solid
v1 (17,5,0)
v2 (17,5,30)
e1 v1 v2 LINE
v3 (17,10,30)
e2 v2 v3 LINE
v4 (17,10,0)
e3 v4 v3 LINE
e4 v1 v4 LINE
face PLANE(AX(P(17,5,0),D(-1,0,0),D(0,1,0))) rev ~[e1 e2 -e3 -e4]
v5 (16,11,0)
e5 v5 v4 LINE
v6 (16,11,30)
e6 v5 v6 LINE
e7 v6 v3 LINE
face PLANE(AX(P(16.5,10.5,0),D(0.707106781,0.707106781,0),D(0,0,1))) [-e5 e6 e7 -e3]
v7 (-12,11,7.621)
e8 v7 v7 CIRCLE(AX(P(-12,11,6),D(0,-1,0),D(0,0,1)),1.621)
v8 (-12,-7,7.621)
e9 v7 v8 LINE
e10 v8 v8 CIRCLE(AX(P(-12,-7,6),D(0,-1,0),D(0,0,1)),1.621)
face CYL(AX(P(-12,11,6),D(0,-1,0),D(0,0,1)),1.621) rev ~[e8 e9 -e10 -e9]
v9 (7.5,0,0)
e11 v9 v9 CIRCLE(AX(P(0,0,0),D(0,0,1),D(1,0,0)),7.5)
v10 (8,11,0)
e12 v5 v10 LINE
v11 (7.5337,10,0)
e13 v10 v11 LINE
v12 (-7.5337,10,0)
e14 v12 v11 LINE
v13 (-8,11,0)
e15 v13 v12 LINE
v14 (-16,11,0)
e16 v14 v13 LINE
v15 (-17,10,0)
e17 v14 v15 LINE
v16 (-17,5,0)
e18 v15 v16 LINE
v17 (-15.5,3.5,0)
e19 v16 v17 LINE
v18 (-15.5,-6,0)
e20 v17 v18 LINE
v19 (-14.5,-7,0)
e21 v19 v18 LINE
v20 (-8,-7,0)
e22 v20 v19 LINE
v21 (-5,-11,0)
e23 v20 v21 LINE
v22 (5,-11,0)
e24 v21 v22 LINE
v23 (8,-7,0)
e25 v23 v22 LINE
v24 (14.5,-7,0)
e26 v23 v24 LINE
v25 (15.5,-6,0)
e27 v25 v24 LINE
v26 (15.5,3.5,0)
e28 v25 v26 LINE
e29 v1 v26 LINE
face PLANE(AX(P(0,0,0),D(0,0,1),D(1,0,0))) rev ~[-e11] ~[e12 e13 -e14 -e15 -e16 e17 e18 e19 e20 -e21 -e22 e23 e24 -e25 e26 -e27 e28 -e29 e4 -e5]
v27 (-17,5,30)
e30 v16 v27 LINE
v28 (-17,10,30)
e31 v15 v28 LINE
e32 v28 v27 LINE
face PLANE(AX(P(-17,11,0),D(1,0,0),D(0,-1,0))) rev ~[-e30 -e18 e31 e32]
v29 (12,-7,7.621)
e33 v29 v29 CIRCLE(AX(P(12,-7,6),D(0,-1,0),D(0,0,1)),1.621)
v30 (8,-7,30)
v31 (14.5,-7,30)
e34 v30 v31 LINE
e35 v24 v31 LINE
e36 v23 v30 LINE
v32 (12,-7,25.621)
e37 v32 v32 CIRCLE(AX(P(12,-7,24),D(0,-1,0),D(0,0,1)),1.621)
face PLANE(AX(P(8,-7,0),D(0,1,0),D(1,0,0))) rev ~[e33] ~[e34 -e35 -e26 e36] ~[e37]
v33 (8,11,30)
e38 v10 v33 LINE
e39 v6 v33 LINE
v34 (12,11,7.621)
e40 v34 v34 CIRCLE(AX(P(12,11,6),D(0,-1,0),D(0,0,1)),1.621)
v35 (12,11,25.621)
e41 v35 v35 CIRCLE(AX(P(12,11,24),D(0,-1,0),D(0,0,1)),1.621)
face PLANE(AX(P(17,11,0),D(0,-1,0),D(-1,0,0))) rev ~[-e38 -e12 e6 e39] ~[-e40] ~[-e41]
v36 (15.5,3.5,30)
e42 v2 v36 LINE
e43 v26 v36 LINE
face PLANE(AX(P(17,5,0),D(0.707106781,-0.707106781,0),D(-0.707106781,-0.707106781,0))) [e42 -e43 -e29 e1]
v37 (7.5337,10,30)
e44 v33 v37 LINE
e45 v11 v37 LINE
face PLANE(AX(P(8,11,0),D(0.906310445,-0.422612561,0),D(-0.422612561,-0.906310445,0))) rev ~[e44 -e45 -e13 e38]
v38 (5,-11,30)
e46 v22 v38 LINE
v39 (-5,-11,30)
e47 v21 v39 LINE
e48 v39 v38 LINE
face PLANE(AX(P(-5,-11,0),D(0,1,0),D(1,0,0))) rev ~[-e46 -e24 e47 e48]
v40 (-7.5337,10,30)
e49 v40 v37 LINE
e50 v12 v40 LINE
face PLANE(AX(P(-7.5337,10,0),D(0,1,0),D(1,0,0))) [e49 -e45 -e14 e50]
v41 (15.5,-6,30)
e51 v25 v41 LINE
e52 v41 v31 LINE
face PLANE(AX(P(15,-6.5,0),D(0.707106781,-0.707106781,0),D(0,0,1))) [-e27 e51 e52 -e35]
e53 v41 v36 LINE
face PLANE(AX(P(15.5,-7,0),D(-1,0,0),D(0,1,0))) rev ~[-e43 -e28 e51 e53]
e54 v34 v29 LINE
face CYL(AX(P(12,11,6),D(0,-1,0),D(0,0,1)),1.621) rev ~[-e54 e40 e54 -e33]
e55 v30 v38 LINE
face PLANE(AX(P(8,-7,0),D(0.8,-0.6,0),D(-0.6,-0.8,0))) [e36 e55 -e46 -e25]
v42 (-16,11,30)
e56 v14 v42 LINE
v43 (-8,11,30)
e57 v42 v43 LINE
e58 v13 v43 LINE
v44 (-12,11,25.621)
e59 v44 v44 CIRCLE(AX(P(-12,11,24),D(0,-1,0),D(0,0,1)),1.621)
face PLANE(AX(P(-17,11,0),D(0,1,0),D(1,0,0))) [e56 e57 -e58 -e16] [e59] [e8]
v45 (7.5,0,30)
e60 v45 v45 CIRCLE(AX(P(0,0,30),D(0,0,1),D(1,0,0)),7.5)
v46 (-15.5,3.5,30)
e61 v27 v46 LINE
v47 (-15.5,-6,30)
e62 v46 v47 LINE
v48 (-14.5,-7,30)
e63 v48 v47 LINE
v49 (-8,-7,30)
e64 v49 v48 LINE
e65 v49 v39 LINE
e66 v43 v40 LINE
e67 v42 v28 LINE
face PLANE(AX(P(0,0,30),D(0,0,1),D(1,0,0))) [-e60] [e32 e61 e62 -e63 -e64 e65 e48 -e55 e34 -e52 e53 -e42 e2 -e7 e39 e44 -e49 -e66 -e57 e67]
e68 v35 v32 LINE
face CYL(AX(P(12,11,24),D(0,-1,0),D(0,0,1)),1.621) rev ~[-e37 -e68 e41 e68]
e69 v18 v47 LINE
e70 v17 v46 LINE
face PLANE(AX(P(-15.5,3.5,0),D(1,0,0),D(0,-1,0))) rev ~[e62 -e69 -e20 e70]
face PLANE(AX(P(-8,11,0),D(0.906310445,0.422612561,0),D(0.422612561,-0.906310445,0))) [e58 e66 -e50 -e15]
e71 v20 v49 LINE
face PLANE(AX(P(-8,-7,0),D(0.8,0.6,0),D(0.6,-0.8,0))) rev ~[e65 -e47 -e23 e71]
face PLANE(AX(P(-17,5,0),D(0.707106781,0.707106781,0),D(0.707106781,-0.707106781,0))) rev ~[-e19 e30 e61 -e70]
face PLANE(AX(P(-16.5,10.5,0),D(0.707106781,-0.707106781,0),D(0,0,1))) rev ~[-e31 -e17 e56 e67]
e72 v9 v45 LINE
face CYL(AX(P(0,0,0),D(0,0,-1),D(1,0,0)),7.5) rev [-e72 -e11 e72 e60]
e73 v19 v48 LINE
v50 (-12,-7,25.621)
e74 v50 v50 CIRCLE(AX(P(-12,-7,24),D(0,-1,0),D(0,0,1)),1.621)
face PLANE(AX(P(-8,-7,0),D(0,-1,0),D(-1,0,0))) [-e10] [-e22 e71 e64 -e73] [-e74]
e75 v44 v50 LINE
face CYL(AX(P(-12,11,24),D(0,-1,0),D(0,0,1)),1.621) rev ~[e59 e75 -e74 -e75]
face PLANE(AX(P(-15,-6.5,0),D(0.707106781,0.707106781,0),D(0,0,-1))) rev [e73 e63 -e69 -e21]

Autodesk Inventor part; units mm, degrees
ref_plane "YZ Plane" through (0, 0, 0) normal (1, 0, 0) x (0, 1, 0)
ref_plane "XZ Plane" through (0, 0, 0) normal (0, 1, 0) x (-1, 0, 0)
ref_plane "XY Plane" through (0, 0, 0) normal (0, 0, 1) x (1, 0, 0)
sketch "Esboço1" plane through (0, 0, 0) normal (0, 0, 1) x (1, 0, 0)
  line L0 (-17, 11) -> (17, 11) construction
  line L1 (17, 11) -> (17, -7) construction
  line L2 (17, -7) -> (-17, -7) construction
  line L3 (-17, -7) -> (-17, 11) construction
  line L4 (-14, 20.4248) -> (-14, -25.3484) construction
  line L5 (14, 20.4248) -> (14, -25.3484) construction
  line L6 (0, 20.9223) -> (0, -24.8509) construction
  line L7 (-26.3196, 0) -> (26.3196, 0) construction
  line L8 (-26.3196, 5) -> (26.3196, 5) construction
  line L9 (-15.5, 15.1736) -> (-15.5, -30.5996) construction
  line L10 (15.5, 20.4248) -> (15.5, -25.3484) construction
  line L11 (0, 0) -> (-21.4941, -25.6157) construction
  line L12 (0, 0) -> (11.7474, -14) construction
  line L13 (-8, 20.4248) -> (-8, -25.3484) construction
  line L14 (-5, 20.4248) -> (-5, -25.3484) construction
  line L15 (5, 20.9223) -> (5, -24.8509) construction
  line L16 (8, 20.9223) -> (8, -24.8509) construction
  line L17 (-26.3196, 3.5) -> (26.3196, 3.5) construction
  line L18 (-17, 11) -> (-17, 5)
  line L19 (-17, 5) -> (-15.5, 3.5)
  line L20 (-15.5, 3.5) -> (-15.5, -7)
  line L21 (17, 5) -> (17, 11)
  line L22 (26.3196, 10) -> (-26.3196, 10) construction
  line L23 (-17, 11) -> (-8, 11)
  line L24 (17, 11) -> (8, 11)
  line L25 (-8, 11) -> (-7.6714, 11) construction
  line L26 (-8, 11) -> (-7.5337, 10)
  line L27 (-8, 11) -> (-6.8966, 11) construction
  line L28 (-5, 11) -> (-3.8966, 11) construction
  line L29 (8, 11) -> (7.5337, 10)
  line L30 (15.5, -7) -> (15.5, 3.5)
  line L31 (17, 5) -> (15.5, 3.5)
  line L32 (-26.3196, -11) -> (26.3196, -11) construction
  line L33 (-7.5337, 10) -> (7.5337, 10)
  line L34 (-8, -7) -> (-5, -11)
  line L35 (8, -7) -> (5, -11)
  line L36 (-5, -11) -> (5, -11)
  line L37 (-8, -7) -> (-15.5, -7)
  line L38 (8, -7) -> (15.5, -7)
  circle A0 centre (0, 0) radius 7.5
  point P0 (0, 11)
  point P1 (0, 5)
  point P2 (0, -11)
  dimension "d0" = 34
  dimension "d1" = 18
  dimension "d2" = 14
  dimension "d3" = 14
  dimension "d4" = 11
  dimension "d5" = 6
  dimension "d6" = 1.5
  dimension "d7" = 1.5
  dimension "d8" = 40
  dimension "d9" = 40
  dimension "d10" = 5
  dimension "d11" = 5
  dimension "d12" = 8
  dimension "d13" = 8
  dimension "d14" = 1.5
  dimension "d15" = 1
  dimension "d18" = 115
  dimension "d20" = 115
  dimension "d21" = 22
  dimension "d22" = 15
extrude "Extrusão1" add sketch "Esboço1" along normal blind 30
sketch "Esboço2" plane through (-17, 11, 0) normal (0, 1, 0) x (1, 0, 0)
  line L0 (0, 0) -> (0, -30) construction
  line L1 (0, -15) -> (34, -15) construction
  line L2 (34, 0) -> (34, -30) construction
  line L3 (17, 0) -> (17, -29.9375) construction
  circle A0 centre (5, -24) radius 1 construction
  circle A1 centre (5, -6) radius 1 construction
  circle A2 centre (29, -6) radius 1 construction
  circle A3 centre (29, -24) radius 1 construction
  dimension "d25" = 2
  dimension "d26" = 2
  dimension "d27" = 2
  dimension "d28" = 2
  dimension "d29" = 9
  dimension "d30" = 9
  dimension "d31" = 9
  dimension "d32" = 9
  dimension "d33" = 12
  dimension "d34" = 12
  dimension "d35" = 12
  dimension "d36" = 12
hole "Furo1" at (-12, 11, 24) at (12, 11, 24) at (12, 11, 6) at (-12, 11, 6) direction (0, -1, 0) diameter 3.242 end through all thread size "M4x0.7" class "6H" standard "ANSI Metric M Profile"
chamfer "Chanfro1" distance 1 angle 45 4 edges at (-17, 11, 15) (17, 11, 15) (15.5, -7, 15) (-15.5, -7, 15)
equation "\"d3\" = d2"
equation "\"d7\" = d6"
equation "\"d9\" = d8"
equation "\"d11\" = d10"
equation "\"d13\" = d12"
equation "\"d26\" = d25"
equation "\"d27\" = d25"
equation "\"d28\" = d25"
equation "\"d30\" = d29"
equation "\"d31\" = d29"
equation "\"d32\" = d29"
equation "\"d34\" = d33"
equation "\"d35\" = d33"
equation "\"d36\" = d33"
properties part number "PilowBlockFechadoSCS8UU"
